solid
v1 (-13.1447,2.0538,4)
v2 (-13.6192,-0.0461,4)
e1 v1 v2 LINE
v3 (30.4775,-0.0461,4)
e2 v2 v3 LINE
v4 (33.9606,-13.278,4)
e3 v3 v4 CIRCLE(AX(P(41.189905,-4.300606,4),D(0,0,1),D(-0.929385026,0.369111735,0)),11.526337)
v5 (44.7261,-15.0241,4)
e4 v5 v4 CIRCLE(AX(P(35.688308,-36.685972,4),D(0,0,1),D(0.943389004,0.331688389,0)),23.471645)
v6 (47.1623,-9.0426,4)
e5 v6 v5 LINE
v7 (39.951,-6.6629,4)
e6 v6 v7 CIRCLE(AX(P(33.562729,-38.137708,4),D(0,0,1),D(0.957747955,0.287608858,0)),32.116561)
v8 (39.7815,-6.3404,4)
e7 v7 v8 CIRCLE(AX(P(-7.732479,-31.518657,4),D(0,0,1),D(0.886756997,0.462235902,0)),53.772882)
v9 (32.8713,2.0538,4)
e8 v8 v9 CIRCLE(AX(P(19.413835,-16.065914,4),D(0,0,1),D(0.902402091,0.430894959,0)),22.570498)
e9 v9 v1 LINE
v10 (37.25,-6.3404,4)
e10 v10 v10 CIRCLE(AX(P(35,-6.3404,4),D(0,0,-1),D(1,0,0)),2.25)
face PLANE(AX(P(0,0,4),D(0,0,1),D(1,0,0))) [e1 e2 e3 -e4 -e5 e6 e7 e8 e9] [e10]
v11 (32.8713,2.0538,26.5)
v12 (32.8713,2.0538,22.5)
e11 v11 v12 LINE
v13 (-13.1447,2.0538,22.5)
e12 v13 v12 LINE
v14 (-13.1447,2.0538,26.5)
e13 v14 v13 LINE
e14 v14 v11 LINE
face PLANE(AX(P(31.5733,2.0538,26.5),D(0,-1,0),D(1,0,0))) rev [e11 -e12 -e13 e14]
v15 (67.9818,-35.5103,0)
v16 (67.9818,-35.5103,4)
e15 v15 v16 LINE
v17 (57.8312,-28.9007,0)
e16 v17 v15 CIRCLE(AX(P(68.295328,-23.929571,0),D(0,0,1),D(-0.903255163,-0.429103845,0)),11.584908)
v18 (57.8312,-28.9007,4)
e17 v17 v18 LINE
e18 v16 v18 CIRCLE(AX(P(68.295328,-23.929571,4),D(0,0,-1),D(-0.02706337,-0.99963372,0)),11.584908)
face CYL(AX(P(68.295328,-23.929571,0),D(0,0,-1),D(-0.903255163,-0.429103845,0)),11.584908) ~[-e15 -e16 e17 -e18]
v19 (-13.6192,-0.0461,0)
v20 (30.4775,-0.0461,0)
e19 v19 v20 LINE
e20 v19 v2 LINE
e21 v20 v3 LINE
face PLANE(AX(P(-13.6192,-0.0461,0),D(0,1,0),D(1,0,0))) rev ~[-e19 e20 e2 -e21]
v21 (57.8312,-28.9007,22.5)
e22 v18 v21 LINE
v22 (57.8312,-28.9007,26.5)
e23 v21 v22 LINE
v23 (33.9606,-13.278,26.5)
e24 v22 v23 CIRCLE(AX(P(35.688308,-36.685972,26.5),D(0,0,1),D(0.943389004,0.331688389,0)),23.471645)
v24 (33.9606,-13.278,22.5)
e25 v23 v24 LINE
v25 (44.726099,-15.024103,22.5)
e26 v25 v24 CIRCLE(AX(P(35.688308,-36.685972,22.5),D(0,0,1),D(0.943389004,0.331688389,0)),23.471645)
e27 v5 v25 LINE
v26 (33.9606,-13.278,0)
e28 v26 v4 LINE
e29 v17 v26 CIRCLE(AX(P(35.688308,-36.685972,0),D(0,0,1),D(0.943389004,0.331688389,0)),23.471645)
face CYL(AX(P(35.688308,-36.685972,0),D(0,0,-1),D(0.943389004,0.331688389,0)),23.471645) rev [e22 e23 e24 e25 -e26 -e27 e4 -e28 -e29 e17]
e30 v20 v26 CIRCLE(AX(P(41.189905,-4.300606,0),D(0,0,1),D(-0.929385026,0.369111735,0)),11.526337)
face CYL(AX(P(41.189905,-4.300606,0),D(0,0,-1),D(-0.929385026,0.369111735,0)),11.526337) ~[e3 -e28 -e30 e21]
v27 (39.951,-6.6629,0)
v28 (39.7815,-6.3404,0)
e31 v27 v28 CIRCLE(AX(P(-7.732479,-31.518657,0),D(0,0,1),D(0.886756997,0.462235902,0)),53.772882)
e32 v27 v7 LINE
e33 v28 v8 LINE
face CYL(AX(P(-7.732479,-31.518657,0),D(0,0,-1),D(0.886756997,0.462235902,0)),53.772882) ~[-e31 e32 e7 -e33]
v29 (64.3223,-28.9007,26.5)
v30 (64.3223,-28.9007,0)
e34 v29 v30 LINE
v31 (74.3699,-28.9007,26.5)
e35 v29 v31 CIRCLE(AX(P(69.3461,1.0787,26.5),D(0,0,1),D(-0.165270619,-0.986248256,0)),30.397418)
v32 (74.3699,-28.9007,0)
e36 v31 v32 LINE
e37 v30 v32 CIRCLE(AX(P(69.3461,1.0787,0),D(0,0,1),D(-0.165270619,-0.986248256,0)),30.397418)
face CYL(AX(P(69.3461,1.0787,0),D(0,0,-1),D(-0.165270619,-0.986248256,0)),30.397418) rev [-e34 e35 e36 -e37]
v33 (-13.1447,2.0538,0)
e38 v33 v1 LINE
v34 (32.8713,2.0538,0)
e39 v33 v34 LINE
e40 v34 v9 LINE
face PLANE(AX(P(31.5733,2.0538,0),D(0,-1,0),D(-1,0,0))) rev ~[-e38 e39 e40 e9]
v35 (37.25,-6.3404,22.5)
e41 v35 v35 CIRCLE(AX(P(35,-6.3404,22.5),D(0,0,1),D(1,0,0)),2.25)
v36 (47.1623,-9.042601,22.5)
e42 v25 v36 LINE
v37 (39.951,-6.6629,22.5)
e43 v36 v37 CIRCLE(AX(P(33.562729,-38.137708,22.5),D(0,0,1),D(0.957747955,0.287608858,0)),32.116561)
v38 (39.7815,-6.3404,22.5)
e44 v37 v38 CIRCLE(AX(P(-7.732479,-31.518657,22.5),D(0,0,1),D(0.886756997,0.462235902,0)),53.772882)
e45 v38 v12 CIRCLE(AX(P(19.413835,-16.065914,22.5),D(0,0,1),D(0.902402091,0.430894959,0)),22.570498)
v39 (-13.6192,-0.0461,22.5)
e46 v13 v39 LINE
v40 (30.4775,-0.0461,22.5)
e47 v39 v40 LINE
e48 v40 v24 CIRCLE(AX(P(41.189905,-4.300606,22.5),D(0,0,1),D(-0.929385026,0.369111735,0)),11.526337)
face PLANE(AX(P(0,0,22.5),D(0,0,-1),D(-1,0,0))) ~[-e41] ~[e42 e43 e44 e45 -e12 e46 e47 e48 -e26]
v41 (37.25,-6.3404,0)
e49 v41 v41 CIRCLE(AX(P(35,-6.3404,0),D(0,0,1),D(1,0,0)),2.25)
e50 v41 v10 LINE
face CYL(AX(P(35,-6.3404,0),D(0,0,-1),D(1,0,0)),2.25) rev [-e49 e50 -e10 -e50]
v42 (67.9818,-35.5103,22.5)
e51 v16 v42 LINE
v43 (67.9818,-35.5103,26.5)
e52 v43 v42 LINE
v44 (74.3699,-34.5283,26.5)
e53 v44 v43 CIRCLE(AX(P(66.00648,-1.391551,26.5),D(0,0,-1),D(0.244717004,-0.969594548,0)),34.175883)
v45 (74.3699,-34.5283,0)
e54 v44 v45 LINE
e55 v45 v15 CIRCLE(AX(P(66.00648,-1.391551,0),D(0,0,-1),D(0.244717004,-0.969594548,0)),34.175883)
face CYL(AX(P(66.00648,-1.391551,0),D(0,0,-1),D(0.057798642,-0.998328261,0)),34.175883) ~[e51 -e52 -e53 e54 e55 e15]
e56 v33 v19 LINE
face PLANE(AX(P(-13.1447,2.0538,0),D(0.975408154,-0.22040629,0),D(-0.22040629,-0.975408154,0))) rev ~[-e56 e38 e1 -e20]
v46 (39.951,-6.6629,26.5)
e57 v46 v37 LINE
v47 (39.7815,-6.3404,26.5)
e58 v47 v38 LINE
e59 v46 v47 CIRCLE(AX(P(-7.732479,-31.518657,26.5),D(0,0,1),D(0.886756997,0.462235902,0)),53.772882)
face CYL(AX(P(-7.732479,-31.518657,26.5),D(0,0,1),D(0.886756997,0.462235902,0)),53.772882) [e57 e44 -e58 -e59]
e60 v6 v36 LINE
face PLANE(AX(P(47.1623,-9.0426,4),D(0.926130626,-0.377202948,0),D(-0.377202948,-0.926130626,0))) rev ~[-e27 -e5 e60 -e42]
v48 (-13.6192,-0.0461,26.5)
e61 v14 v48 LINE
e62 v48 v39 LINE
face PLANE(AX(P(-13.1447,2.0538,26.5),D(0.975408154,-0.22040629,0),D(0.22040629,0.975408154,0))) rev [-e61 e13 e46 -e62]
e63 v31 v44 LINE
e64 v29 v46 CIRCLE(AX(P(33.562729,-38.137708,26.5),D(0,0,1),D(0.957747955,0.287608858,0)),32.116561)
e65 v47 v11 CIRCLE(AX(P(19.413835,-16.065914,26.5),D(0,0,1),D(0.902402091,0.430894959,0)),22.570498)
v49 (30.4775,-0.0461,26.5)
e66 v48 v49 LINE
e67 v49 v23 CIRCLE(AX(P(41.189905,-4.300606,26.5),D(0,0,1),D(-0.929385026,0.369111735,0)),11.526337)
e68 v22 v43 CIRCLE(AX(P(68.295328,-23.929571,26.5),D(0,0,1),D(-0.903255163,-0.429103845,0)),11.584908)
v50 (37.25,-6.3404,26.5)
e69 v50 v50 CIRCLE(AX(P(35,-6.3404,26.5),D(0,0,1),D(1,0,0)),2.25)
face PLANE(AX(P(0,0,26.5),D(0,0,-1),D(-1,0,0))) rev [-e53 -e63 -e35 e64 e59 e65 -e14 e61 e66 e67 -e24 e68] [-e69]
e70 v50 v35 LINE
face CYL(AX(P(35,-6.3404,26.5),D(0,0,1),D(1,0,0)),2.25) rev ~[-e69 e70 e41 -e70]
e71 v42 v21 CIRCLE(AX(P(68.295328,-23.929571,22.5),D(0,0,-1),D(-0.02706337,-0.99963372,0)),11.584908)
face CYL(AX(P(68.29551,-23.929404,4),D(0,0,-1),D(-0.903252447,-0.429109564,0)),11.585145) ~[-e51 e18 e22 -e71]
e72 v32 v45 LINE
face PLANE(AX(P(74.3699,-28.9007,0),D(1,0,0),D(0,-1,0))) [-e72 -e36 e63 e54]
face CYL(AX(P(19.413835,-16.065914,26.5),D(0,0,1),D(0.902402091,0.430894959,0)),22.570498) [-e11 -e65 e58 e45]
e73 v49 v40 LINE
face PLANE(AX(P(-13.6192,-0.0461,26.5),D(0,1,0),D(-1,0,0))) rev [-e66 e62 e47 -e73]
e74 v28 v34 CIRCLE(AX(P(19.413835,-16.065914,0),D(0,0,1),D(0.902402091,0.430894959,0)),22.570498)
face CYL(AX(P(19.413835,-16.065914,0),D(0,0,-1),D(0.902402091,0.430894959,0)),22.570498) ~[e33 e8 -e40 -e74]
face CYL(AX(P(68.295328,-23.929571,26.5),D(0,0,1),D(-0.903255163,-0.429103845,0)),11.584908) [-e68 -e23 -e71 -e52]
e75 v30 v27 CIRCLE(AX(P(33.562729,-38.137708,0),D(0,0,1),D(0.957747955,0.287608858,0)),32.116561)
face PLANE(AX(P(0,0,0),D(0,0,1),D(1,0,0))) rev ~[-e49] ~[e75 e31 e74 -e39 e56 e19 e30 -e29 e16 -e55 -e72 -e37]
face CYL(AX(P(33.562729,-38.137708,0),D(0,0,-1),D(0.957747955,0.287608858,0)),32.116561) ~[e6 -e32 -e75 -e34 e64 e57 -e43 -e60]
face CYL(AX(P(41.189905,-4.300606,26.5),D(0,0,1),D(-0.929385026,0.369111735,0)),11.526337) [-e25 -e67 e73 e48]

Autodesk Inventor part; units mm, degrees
ref_plane "YZ Plane" through (0, 0, 0) normal (1, 0, 0) x (0, 1, 0)
ref_plane "XZ Plane" through (0, 0, 0) normal (0, 1, 0) x (-1, 0, 0)
ref_plane "XY Plane" through (0, 0, 0) normal (0, 0, 1) x (1, 0, 0)
ref_plane "Plan de construction1" through (0, 0, 0) normal (0, 0, 1) x (1, 0, 0)
sketch "Esquisse1" plane through (0, 0, 0) normal (0, 0, 1) x (1, 0, 0)
  arc A0 (39.951, -6.6629) -> (39.7815, -6.3404) centre (-6.5192, -30.8836) ccw
  arc A1 (37.1716, -5.7515) -> (36.5629, -4.7218) centre (-6.5192, -30.8836) ccw
  line L0 (-0.9849, 21.2268) -> (-0.9849, 19.2151)
  circle A2 centre (35, -6.3404) radius 2.25 projected
  circle A3 centre (35, -6.3404) radius 2.25
  line L1 (32.8713, 2.0538) -> (-13.1447, 2.0538)
  line L2 (-13.1447, 2.0538) -> (-13.6192, -0.0461)
  line L3 (-13.6192, -0.0461) -> (30.4775, -0.0461)
  arc A4 (31.5995, 2.0932) -> (31.5733, 2.0538) centre (41.1898, -4.3006) ccw
  arc A5 (30.4775, -0.0461) -> (33.9606, -13.278) centre (41.1898, -4.3006) ccw
  arc A6 (39.7815, -6.3404) -> (32.8713, 2.0538) centre (19.4137, -16.066) ccw
  arc A7 (67.9818, -35.5103) -> (74.3699, -34.5283) centre (66.006, -1.387) ccw
  line L4 (74.3699, -28.9007) -> (74.3699, -34.5283)
  arc A8 (64.3223, -28.9007) -> (39.951, -6.6629) centre (33.5629, -38.1376) ccw
  arc A9 (57.8312, -28.9007) -> (33.9606, -13.278) centre (35.6884, -36.6859) ccw
  arc A10 (57.8312, -28.9007) -> (70.9309, -35.2107) centre (68.2954, -23.9295) ccw
  arc A11 (39.951, -6.6629) -> (39.977, -6.7609) centre (69.3461, 1.0787) ccw
  arc A12 (64.3223, -28.9007) -> (74.3699, -28.9007) centre (69.3461, 1.0787) ccw
  point P0 (0, 0)
  point P1 (32.8713, 3.678)
extrude "Extrusion1" add sketch "Esquisse1" along normal blind 4 contours A8 A12 L4 A7 A10 A9 A5 L3 L2 L1 A6 A0
ref_plane "Plan de construction2" through (0, 0, 13.25) normal (0, 0, 1) x (1, 0, 0)
mirror "Symétrie1" about plane through (0, 0, 13.25) normal (0, 0, 1) of "Extrusion1"
sketch "Esquisse4" plane through (0, 0, 4) normal (0, 0, 1) x (1, 0, 0)
  arc A0 (64.3223, -28.9007) -> (74.3699, -28.9007) centre (69.3461, 1.0787) ccw projected
  line L0 (74.3699, -34.5283) -> (74.3699, -28.9007) projected
  arc A1 (67.9818, -35.5103) -> (74.3699, -34.5283) centre (66.006, -1.387) ccw projected
  arc A2 (57.8312, -28.9007) -> (67.9818, -35.5103) centre (68.2954, -23.9295) ccw projected
  arc A3 (57.8312, -28.9007) -> (33.9606, -13.278) centre (35.6884, -36.6859) ccw projected
  arc A4 (64.3223, -28.9007) -> (39.951, -6.6629) centre (33.5629, -38.1376) ccw projected
  arc A5 (64.3223, -28.9007) -> (39.951, -6.6629) centre (33.5629, -38.1376) ccw projected
  line L1 (47.1623, -9.0426) -> (44.7261, -15.0241)
  arc A6 (57.8312, -28.9007) -> (33.9606, -13.278) centre (35.6884, -36.6859) ccw projected
  point P0 (0, 0)
extrude "Extrusion5" add sketch "Esquisse4" along normal blind 19.25
properties part number "courbe"
